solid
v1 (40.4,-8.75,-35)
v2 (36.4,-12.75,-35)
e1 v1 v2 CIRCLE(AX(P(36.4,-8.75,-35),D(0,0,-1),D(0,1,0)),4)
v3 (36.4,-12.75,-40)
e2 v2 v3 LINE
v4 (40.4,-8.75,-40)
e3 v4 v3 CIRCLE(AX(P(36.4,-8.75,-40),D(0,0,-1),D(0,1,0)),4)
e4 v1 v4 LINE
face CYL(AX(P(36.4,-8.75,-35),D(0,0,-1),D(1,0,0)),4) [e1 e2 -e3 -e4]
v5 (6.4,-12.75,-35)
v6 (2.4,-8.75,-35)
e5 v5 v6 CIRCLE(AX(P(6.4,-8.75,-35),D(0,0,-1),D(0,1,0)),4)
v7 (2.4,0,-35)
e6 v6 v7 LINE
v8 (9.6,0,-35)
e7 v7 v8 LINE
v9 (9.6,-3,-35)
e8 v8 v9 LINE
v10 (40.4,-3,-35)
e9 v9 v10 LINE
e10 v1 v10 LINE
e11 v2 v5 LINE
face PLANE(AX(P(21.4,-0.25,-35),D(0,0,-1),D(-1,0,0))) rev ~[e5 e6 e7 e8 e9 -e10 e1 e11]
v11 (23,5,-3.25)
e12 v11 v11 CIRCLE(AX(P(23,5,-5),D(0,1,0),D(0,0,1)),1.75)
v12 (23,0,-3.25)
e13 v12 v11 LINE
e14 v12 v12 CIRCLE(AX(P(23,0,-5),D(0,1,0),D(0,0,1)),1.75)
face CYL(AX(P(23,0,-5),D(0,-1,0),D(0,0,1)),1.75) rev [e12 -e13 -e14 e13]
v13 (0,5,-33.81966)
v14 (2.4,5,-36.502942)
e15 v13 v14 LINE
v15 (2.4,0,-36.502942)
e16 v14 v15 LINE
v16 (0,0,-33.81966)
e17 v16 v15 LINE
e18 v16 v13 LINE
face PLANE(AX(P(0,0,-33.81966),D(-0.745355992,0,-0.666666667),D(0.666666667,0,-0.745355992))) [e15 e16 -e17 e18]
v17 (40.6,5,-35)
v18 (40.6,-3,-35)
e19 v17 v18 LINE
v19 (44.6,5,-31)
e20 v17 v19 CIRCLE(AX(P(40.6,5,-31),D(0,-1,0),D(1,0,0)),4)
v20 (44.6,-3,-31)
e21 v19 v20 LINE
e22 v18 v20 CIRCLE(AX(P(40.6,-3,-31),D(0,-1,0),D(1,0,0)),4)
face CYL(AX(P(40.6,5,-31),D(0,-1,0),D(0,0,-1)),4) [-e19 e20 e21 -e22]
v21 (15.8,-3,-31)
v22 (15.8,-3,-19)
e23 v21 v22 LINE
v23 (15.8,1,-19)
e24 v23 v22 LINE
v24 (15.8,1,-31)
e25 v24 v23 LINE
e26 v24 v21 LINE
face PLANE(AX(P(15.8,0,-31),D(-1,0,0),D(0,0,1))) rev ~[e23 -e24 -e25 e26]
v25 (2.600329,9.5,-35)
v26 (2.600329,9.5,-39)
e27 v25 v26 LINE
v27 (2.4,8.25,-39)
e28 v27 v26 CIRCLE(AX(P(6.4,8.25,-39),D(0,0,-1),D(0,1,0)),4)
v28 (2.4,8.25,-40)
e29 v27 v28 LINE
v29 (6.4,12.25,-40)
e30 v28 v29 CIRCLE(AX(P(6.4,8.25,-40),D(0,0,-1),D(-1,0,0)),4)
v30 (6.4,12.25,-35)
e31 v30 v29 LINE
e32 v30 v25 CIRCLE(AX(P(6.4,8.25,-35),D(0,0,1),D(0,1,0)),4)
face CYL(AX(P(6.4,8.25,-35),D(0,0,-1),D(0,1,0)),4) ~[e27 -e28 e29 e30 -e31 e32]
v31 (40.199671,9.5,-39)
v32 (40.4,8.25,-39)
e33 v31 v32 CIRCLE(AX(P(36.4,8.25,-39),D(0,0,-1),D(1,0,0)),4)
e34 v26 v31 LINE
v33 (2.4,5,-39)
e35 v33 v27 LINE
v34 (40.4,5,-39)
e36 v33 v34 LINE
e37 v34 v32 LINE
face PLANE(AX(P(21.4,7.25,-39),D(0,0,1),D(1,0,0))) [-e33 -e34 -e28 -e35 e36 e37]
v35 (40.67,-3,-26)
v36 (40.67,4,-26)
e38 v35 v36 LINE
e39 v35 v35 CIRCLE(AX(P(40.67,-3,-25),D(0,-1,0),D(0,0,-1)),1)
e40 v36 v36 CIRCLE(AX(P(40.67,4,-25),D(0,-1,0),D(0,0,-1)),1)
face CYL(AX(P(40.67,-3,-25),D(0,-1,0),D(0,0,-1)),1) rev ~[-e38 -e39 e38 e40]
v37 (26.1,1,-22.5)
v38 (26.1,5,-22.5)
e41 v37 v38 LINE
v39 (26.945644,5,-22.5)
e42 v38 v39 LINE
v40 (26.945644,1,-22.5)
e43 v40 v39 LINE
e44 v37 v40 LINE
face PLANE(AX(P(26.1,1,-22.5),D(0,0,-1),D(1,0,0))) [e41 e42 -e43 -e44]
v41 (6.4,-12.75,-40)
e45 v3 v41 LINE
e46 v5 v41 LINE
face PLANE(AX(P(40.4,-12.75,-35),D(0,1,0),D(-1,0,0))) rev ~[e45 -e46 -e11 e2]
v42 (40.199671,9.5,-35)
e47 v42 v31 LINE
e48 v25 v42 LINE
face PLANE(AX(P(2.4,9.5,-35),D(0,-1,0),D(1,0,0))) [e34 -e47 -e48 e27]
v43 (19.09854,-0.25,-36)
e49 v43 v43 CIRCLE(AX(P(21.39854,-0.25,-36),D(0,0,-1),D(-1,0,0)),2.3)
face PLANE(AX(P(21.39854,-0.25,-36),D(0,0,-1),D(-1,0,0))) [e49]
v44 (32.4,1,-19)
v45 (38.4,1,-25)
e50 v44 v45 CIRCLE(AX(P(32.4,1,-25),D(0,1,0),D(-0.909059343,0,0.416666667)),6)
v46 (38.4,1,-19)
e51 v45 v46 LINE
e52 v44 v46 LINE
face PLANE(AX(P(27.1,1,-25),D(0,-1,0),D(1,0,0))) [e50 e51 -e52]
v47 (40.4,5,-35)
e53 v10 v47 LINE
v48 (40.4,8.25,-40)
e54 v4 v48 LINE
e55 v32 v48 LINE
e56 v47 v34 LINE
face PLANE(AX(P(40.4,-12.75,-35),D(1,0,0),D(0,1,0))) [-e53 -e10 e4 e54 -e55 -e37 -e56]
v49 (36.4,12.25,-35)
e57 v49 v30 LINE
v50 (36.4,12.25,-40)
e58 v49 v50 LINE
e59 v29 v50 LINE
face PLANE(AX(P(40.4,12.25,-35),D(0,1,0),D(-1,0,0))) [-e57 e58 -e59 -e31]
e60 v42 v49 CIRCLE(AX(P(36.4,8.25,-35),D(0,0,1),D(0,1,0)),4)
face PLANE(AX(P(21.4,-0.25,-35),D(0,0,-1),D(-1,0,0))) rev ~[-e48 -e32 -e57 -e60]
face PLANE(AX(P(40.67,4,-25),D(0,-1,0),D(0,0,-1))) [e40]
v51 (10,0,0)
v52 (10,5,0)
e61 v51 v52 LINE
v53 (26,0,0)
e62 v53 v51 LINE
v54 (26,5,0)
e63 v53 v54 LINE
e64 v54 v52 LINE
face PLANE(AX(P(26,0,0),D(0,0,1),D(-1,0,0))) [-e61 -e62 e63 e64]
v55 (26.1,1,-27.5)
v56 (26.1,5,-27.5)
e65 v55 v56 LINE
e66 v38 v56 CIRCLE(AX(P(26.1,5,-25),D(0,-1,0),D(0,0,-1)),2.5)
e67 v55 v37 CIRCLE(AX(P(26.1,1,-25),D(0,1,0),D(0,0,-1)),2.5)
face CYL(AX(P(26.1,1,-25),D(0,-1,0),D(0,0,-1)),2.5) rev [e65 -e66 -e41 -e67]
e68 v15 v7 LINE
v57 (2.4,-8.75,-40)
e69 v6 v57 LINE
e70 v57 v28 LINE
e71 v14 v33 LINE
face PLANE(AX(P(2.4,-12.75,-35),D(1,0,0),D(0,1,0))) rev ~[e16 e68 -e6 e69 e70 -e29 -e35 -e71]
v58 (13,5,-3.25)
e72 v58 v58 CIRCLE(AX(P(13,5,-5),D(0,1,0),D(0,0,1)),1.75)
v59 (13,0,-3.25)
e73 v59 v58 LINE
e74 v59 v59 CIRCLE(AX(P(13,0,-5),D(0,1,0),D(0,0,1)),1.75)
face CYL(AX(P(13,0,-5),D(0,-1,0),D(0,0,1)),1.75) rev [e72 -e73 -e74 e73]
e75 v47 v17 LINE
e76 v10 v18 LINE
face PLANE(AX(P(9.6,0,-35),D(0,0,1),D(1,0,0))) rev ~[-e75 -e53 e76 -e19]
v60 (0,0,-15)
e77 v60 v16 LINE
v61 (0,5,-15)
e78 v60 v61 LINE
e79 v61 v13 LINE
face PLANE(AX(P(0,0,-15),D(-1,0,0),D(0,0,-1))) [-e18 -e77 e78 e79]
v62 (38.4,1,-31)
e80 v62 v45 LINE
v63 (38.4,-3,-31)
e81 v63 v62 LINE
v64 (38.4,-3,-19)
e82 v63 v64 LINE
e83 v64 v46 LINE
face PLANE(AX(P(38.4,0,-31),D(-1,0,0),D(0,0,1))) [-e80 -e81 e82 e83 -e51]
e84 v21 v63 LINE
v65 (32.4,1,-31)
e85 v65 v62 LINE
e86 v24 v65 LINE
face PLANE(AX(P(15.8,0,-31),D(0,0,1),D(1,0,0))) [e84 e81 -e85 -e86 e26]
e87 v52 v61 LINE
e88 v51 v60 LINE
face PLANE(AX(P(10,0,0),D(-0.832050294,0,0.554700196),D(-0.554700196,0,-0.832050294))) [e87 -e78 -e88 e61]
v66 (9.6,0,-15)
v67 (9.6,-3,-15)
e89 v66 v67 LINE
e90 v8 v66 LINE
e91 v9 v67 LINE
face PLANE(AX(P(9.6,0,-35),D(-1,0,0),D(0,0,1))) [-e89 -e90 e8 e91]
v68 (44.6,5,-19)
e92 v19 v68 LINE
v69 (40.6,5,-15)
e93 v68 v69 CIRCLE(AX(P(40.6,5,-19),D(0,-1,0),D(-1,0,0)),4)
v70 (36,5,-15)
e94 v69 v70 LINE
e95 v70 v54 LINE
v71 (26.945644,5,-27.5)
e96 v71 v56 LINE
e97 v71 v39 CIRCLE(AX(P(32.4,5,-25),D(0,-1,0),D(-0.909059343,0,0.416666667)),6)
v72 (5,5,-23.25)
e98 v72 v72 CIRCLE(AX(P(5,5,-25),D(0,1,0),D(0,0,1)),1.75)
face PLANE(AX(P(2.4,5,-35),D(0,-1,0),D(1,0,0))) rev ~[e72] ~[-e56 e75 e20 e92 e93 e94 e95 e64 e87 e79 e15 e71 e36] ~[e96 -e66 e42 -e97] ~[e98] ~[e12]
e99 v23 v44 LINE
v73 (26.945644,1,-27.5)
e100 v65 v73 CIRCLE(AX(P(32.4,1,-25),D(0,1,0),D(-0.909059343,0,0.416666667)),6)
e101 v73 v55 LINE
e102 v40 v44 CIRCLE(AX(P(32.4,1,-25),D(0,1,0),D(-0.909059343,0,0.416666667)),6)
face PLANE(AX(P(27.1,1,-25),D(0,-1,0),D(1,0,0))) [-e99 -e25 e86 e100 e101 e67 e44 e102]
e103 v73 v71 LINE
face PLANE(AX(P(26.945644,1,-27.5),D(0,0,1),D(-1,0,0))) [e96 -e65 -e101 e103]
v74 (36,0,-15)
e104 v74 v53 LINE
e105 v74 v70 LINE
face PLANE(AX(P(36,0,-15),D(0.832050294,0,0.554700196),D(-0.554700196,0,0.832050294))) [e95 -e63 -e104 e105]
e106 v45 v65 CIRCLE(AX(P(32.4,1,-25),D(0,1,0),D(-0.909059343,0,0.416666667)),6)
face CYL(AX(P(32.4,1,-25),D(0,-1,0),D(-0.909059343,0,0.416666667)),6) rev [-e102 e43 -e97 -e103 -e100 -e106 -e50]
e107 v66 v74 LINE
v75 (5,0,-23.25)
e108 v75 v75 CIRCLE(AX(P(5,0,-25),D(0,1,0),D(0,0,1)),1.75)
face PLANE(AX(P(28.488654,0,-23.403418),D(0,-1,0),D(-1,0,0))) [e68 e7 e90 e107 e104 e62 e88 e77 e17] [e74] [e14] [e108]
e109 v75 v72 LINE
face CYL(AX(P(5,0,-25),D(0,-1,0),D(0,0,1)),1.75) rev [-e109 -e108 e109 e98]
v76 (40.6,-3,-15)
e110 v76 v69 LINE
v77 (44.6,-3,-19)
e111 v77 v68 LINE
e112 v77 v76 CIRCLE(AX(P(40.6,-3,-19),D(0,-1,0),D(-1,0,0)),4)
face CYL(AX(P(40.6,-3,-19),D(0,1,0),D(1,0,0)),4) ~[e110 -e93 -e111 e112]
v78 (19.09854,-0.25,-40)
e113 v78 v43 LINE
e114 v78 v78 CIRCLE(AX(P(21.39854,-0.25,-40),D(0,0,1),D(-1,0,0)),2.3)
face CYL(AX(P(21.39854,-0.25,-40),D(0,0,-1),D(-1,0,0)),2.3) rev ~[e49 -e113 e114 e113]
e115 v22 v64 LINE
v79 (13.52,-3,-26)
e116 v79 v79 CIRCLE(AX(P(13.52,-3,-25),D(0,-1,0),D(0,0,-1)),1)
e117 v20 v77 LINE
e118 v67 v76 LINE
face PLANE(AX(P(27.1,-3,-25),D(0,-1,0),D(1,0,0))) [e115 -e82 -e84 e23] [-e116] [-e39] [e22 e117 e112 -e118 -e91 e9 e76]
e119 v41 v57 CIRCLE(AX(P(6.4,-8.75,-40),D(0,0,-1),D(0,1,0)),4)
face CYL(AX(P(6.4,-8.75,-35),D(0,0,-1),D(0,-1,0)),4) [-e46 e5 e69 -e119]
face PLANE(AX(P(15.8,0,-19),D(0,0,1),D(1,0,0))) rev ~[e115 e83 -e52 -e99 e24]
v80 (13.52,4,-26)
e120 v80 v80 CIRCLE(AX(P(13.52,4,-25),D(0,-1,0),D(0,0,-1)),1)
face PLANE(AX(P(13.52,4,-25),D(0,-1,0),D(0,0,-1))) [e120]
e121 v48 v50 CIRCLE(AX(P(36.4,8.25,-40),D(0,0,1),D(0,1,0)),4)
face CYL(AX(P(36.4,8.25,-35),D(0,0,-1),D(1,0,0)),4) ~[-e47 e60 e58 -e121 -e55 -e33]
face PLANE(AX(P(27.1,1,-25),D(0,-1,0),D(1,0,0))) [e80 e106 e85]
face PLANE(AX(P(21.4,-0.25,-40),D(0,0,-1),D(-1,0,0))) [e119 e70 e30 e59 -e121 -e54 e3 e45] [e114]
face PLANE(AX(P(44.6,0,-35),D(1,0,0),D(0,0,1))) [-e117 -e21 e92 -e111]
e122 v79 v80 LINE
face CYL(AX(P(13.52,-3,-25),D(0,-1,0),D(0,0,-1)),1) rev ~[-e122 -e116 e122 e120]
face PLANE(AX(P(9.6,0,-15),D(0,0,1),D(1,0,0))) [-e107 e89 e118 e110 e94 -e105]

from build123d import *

# Parameters (mm, degrees)
SKETCH1_R           = 1.75
BOSS_EXTRUDE1_DEPTH = 5
SKETCH2_W           = 35
SKETCH2_H           = 20
SKETCH2_W_2         = 22.6
SKETCH2_H_2         = 12
BOSS_EXTRUDE2_DEPTH = 3
SKETCH3_W           = 15.4
SKETCH3_H           = 20
CUT_EXTRUDE1_DEPTH  = 76.166481892
SKETCH4_R           = 1
CUT_EXTRUDE2_DEPTH  = 7
SKETCH5_W           = 38
SKETCH5_H           = 25
BOSS_EXTRUDE3_DEPTH = 5
SKETCH6_R           = 2.3
CUT_EXTRUDE3_DEPTH  = 4
FILLET1_R           = 4
SKETCH2_2_W         = 22.6
SKETCH2_2_H         = 12
CUT_EXTRUDE4_DEPTH  = 1
CUT_EXTRUDE5_DEPTH  = 65.832264344
CUT_EXTRUDE6_DEPTH  = 65.627567647
SKETCH9_W           = 38
SKETCH9_H           = 4.5
CUT_EXTRUDE7_DEPTH  = 4


with BuildPart() as part:
    # Sketch1 → Boss-Extrude1 (new body)
    with BuildSketch(Plane(origin=(0, 0, 0), x_dir=(1, 0, 0), z_dir=(0, 1, 0))):
        Polygon((0, 15), (0, 33.819660113), (10, 45), (26, 45), (36, 35), (60, 35), (60, 15), (36, 15), (26, 0), (10, 0), align=None)
        with Locations((5, 25)):
            Circle(SKETCH1_R, mode=Mode.SUBTRACT)
        with Locations((13, 5)):
            Circle(SKETCH1_R, mode=Mode.SUBTRACT)
        with Locations((23, 5)):
            Circle(SKETCH1_R, mode=Mode.SUBTRACT)
    extrude(amount=BOSS_EXTRUDE1_DEPTH)

    # Sketch2 → Boss-Extrude2 (add)
    with BuildSketch(Plane.XZ):
        with Locations((27.1, -25)):
            Rectangle(SKETCH2_W, SKETCH2_H)
        with Locations((27.1, -25)):
            Rectangle(SKETCH2_W_2, SKETCH2_H_2, mode=Mode.SUBTRACT)
    extrude(amount=BOSS_EXTRUDE2_DEPTH)

    # Sketch3 → Cut-Extrude1 (cut, through all)
    with BuildSketch(Plane.XZ):
        with Locations((52.3, -25)):
            Rectangle(SKETCH3_W, SKETCH3_H)
    extrude(amount=-CUT_EXTRUDE1_DEPTH, mode=Mode.SUBTRACT)

    # Sketch4 → Cut-Extrude2 (cut)
    with BuildSketch(Plane.XZ.offset(3)):
        with Locations((13.52, -25)):
            Circle(SKETCH4_R)
        with Locations((40.67, -25)):
            Circle(SKETCH4_R)
    extrude(amount=-CUT_EXTRUDE2_DEPTH, mode=Mode.SUBTRACT)

    # Sketch5 → Boss-Extrude3 (add)
    with BuildSketch(Plane(origin=(0, 0, -35), x_dir=(-1, 0, 0), z_dir=(0, 0, -1))):
        with Locations((-21.4, -0.25)):
            Rectangle(SKETCH5_W, SKETCH5_H)
    extrude(amount=BOSS_EXTRUDE3_DEPTH)

    # Sketch6 → Cut-Extrude3 (cut)
    with BuildSketch(Plane(origin=(0, 0, -40), x_dir=(-1, 0, 0), z_dir=(0, 0, -1))):
        with Locations((-21.39853967, -0.25)):
            Circle(SKETCH6_R)
    extrude(amount=-CUT_EXTRUDE3_DEPTH, mode=Mode.SUBTRACT)

    # Fillet1
    fillet1_edges = [part.edges().sort_by_distance(p)[0] for p in [
        (2.4, -12.75, -37.5),
        (2.4, 12.25, -37.5),
        (40.4, 12.25, -37.5),
        (40.4, -12.75, -37.5),
        (44.6, 1, -35),
        (44.6, 1, -15),
    ]]
    fillet(fillet1_edges, radius=FILLET1_R)

    # Sketch2<2> → Cut-Extrude4 (cut)
    with BuildSketch(Plane.XZ):
        with Locations((27.1, -25)):
            Rectangle(SKETCH2_2_W, SKETCH2_2_H)
    extrude(amount=-CUT_EXTRUDE4_DEPTH, mode=Mode.SUBTRACT)

    # Sketch7 → Cut-Extrude5 (cut, through all)
    with BuildSketch(Plane.XZ.offset(-1)):
        with BuildLine():
            Line((26.1, -22.5), (26.945643943, -22.5))
            ThreePointArc((26.945643943, -22.5), (38.4, -25), (26.945643943, -27.5))
            Line((26.945643943, -27.5), (26.1, -27.5))
            ThreePointArc((26.1, -27.5), (23.6, -25), (26.1, -22.5))
        make_face()
    extrude(amount=-CUT_EXTRUDE5_DEPTH, mode=Mode.SUBTRACT)

    # Sketch8 → Cut-Extrude6 (cut, through all)
    with BuildSketch(Plane.XZ):
        Polygon((26, -45), (31, -40), (23.684912343, -40), (19.112166997, -40), (5.527864045, -40), (10, -45), align=None)
    extrude(amount=-CUT_EXTRUDE6_DEPTH, mode=Mode.SUBTRACT)

    # Sketch9 → Cut-Extrude7 (cut)
    with BuildSketch(Plane.XY.offset(-35)):
        with Locations((21.4, 7.25)):
            Rectangle(SKETCH9_W, SKETCH9_H)
    extrude(amount=-CUT_EXTRUDE7_DEPTH, mode=Mode.SUBTRACT)


solid = part.part
